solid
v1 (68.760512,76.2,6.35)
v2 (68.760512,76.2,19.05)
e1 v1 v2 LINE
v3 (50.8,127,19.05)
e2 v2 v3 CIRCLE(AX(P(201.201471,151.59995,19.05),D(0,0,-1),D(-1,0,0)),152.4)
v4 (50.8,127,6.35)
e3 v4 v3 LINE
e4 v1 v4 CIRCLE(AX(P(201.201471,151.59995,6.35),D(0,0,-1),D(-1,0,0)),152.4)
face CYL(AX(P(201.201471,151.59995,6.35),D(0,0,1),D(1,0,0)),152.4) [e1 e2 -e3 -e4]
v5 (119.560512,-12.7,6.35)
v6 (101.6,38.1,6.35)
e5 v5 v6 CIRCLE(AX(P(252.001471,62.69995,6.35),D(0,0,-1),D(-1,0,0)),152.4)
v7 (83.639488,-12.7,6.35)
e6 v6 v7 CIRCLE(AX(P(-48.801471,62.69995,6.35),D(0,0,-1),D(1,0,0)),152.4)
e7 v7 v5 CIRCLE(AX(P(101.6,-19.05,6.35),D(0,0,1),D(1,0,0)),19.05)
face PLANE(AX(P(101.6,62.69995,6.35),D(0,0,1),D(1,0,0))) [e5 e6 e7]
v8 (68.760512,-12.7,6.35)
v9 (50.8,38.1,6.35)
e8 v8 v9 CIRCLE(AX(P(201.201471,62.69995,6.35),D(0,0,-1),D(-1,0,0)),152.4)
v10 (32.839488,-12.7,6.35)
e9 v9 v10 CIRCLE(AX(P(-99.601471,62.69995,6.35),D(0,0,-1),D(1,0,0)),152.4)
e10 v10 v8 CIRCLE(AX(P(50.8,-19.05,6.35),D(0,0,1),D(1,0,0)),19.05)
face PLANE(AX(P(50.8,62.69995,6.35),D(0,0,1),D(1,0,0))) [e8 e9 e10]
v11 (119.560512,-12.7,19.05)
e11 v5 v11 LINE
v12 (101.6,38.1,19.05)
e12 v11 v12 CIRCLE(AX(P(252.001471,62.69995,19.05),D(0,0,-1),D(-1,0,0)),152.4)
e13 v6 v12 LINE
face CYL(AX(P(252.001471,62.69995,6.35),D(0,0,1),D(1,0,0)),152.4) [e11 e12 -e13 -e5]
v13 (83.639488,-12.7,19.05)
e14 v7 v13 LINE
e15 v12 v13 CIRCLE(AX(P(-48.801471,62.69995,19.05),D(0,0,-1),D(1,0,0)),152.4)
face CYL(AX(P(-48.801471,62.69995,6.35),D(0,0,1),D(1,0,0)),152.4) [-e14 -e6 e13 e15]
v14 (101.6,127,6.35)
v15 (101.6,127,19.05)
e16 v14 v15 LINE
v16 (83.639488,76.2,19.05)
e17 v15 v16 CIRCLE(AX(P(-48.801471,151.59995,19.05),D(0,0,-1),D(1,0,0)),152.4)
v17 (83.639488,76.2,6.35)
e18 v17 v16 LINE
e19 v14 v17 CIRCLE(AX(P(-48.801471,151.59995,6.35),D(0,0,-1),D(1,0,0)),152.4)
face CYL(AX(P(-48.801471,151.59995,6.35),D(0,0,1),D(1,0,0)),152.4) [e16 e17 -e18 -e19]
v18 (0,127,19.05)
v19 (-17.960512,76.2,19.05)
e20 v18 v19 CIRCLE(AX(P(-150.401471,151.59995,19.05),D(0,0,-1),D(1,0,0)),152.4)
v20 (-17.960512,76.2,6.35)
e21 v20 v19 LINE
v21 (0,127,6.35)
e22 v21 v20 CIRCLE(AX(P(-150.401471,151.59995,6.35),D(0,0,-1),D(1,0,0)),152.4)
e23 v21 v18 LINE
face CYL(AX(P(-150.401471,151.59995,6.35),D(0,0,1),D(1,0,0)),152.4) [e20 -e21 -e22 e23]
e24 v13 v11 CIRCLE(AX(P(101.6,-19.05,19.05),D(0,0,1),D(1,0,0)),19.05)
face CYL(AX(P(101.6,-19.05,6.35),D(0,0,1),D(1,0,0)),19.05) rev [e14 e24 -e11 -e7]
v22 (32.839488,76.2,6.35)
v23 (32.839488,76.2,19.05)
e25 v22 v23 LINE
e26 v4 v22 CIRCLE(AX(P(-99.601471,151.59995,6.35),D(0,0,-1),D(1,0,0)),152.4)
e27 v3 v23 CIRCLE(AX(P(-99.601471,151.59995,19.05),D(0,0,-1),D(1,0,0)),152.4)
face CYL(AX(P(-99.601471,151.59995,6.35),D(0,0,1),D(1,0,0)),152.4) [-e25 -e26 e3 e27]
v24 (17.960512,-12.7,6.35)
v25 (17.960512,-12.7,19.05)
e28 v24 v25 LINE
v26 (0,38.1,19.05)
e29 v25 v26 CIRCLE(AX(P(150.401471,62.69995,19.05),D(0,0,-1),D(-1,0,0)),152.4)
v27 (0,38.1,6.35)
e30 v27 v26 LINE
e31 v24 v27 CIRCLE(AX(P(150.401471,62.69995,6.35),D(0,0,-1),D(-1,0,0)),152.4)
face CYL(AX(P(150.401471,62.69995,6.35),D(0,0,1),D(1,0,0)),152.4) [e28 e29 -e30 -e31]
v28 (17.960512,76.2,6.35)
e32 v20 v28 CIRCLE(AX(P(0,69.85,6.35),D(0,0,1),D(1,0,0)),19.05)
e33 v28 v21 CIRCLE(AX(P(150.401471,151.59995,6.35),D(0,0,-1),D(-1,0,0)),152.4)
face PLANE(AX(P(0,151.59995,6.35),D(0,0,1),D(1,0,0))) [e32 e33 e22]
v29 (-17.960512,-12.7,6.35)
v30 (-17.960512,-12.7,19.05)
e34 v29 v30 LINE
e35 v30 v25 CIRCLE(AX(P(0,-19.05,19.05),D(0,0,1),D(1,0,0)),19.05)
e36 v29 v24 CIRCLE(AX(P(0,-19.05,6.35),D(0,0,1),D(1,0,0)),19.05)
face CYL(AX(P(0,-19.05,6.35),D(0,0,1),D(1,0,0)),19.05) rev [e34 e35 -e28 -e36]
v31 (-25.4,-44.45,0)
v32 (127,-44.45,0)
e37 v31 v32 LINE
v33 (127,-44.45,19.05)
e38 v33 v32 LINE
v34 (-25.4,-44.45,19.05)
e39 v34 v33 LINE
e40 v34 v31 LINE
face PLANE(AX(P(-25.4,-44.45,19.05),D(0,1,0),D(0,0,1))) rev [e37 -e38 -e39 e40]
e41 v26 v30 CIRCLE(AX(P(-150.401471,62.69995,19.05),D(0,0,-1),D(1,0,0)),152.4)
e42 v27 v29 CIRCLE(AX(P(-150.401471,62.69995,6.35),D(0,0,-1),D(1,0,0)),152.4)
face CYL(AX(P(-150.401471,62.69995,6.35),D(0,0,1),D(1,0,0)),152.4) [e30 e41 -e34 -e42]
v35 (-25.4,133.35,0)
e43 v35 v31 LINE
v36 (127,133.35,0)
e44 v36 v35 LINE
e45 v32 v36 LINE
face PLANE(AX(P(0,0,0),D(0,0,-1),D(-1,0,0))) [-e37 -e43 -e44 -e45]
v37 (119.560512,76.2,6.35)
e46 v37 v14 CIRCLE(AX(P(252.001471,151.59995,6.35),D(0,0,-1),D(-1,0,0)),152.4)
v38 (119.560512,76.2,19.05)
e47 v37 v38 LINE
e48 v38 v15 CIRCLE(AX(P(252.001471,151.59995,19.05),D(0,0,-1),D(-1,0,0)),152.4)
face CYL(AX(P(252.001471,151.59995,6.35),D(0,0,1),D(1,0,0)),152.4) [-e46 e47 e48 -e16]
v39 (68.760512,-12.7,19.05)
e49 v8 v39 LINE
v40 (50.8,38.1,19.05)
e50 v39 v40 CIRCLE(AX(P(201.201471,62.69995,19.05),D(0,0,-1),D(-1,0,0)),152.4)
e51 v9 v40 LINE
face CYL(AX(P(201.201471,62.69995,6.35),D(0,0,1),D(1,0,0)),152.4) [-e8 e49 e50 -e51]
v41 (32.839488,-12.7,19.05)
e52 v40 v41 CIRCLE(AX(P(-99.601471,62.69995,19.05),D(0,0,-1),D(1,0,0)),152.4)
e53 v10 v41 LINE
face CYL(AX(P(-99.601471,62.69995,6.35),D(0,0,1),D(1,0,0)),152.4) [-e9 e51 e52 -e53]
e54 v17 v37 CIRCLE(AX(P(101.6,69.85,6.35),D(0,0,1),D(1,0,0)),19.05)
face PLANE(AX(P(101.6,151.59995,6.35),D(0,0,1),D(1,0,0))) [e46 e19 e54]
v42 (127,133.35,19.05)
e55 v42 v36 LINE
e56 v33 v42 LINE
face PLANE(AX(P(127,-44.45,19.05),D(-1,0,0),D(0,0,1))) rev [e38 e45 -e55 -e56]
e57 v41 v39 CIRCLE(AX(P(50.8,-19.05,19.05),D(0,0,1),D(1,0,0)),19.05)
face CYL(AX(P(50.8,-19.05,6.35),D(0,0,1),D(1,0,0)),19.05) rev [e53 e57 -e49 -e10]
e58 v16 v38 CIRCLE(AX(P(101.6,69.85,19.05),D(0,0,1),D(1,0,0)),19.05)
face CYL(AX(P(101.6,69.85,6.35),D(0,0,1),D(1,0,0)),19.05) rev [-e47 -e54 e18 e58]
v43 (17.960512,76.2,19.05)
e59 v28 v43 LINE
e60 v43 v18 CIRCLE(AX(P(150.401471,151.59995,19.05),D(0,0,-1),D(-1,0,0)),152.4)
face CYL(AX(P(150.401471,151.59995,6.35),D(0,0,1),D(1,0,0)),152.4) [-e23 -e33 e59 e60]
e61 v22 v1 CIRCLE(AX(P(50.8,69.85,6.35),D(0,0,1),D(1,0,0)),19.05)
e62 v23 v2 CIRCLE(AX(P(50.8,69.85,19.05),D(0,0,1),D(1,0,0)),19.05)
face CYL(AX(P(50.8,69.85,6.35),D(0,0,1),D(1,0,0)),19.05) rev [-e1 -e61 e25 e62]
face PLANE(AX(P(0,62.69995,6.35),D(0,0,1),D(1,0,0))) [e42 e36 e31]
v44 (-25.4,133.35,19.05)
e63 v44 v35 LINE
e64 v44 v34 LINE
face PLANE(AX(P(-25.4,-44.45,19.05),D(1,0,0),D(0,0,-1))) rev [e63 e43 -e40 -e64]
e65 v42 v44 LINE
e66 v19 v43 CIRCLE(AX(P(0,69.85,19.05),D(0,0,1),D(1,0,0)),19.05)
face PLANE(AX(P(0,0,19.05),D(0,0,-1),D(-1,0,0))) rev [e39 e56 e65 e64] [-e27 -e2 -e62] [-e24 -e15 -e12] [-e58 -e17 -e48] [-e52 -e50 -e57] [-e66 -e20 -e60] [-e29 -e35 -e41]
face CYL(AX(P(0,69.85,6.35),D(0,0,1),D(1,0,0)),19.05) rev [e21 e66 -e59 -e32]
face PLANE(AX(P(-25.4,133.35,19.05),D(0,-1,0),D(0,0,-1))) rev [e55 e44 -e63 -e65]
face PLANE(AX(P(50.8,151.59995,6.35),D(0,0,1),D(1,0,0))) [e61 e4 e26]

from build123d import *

# Parameters (mm, degrees)
SKETCH1_W            = 50.8
SKETCH1_H            = 88.9
BOSS_EXTRUDE1_DEPTH  = 19.05
CUT_EXTRUDE1_DEPTH   = 12.7
LPATTERN1_COUNT      = 3
LPATTERN1_PITCH      = 50.8
LPATTERN1_COUNT_DIR2 = 2
LPATTERN1_PITCH_DIR2 = 88.9


with BuildPart() as part:
    # Sketch1 → Boss-Extrude1 (new body)
    with BuildSketch(Plane.XY):
        Rectangle(SKETCH1_W, SKETCH1_H)
    boss_extrude1 = extrude(amount=BOSS_EXTRUDE1_DEPTH)

    # Sketch2 → Cut-Extrude1 (cut)
    with BuildSketch(Plane.XY.offset(19.05)):
        with BuildLine():
            ThreePointArc((-17.960512242, -12.7), (0, -38.1), (17.960512242, -12.7))
            ThreePointArc((17.960512242, -12.7), (6.717373, 11.89995), (0, 38.1))
            ThreePointArc((0, 38.1), (-6.717373, 11.89995), (-17.960512242, -12.7))
        make_face()
    cut_extrude1 = extrude(amount=-CUT_EXTRUDE1_DEPTH, mode=Mode.SUBTRACT)

    # LPattern1: Boss-Extrude1, Cut-Extrude1 3 × 2
    with Locations(*[(i * LPATTERN1_PITCH, j * LPATTERN1_PITCH_DIR2, 0) for i in range(LPATTERN1_COUNT) for j in range(LPATTERN1_COUNT_DIR2) if (i, j) != (0, 0)]):
        add(boss_extrude1)
        add(cut_extrude1, mode=Mode.SUBTRACT)


solid = part.part
